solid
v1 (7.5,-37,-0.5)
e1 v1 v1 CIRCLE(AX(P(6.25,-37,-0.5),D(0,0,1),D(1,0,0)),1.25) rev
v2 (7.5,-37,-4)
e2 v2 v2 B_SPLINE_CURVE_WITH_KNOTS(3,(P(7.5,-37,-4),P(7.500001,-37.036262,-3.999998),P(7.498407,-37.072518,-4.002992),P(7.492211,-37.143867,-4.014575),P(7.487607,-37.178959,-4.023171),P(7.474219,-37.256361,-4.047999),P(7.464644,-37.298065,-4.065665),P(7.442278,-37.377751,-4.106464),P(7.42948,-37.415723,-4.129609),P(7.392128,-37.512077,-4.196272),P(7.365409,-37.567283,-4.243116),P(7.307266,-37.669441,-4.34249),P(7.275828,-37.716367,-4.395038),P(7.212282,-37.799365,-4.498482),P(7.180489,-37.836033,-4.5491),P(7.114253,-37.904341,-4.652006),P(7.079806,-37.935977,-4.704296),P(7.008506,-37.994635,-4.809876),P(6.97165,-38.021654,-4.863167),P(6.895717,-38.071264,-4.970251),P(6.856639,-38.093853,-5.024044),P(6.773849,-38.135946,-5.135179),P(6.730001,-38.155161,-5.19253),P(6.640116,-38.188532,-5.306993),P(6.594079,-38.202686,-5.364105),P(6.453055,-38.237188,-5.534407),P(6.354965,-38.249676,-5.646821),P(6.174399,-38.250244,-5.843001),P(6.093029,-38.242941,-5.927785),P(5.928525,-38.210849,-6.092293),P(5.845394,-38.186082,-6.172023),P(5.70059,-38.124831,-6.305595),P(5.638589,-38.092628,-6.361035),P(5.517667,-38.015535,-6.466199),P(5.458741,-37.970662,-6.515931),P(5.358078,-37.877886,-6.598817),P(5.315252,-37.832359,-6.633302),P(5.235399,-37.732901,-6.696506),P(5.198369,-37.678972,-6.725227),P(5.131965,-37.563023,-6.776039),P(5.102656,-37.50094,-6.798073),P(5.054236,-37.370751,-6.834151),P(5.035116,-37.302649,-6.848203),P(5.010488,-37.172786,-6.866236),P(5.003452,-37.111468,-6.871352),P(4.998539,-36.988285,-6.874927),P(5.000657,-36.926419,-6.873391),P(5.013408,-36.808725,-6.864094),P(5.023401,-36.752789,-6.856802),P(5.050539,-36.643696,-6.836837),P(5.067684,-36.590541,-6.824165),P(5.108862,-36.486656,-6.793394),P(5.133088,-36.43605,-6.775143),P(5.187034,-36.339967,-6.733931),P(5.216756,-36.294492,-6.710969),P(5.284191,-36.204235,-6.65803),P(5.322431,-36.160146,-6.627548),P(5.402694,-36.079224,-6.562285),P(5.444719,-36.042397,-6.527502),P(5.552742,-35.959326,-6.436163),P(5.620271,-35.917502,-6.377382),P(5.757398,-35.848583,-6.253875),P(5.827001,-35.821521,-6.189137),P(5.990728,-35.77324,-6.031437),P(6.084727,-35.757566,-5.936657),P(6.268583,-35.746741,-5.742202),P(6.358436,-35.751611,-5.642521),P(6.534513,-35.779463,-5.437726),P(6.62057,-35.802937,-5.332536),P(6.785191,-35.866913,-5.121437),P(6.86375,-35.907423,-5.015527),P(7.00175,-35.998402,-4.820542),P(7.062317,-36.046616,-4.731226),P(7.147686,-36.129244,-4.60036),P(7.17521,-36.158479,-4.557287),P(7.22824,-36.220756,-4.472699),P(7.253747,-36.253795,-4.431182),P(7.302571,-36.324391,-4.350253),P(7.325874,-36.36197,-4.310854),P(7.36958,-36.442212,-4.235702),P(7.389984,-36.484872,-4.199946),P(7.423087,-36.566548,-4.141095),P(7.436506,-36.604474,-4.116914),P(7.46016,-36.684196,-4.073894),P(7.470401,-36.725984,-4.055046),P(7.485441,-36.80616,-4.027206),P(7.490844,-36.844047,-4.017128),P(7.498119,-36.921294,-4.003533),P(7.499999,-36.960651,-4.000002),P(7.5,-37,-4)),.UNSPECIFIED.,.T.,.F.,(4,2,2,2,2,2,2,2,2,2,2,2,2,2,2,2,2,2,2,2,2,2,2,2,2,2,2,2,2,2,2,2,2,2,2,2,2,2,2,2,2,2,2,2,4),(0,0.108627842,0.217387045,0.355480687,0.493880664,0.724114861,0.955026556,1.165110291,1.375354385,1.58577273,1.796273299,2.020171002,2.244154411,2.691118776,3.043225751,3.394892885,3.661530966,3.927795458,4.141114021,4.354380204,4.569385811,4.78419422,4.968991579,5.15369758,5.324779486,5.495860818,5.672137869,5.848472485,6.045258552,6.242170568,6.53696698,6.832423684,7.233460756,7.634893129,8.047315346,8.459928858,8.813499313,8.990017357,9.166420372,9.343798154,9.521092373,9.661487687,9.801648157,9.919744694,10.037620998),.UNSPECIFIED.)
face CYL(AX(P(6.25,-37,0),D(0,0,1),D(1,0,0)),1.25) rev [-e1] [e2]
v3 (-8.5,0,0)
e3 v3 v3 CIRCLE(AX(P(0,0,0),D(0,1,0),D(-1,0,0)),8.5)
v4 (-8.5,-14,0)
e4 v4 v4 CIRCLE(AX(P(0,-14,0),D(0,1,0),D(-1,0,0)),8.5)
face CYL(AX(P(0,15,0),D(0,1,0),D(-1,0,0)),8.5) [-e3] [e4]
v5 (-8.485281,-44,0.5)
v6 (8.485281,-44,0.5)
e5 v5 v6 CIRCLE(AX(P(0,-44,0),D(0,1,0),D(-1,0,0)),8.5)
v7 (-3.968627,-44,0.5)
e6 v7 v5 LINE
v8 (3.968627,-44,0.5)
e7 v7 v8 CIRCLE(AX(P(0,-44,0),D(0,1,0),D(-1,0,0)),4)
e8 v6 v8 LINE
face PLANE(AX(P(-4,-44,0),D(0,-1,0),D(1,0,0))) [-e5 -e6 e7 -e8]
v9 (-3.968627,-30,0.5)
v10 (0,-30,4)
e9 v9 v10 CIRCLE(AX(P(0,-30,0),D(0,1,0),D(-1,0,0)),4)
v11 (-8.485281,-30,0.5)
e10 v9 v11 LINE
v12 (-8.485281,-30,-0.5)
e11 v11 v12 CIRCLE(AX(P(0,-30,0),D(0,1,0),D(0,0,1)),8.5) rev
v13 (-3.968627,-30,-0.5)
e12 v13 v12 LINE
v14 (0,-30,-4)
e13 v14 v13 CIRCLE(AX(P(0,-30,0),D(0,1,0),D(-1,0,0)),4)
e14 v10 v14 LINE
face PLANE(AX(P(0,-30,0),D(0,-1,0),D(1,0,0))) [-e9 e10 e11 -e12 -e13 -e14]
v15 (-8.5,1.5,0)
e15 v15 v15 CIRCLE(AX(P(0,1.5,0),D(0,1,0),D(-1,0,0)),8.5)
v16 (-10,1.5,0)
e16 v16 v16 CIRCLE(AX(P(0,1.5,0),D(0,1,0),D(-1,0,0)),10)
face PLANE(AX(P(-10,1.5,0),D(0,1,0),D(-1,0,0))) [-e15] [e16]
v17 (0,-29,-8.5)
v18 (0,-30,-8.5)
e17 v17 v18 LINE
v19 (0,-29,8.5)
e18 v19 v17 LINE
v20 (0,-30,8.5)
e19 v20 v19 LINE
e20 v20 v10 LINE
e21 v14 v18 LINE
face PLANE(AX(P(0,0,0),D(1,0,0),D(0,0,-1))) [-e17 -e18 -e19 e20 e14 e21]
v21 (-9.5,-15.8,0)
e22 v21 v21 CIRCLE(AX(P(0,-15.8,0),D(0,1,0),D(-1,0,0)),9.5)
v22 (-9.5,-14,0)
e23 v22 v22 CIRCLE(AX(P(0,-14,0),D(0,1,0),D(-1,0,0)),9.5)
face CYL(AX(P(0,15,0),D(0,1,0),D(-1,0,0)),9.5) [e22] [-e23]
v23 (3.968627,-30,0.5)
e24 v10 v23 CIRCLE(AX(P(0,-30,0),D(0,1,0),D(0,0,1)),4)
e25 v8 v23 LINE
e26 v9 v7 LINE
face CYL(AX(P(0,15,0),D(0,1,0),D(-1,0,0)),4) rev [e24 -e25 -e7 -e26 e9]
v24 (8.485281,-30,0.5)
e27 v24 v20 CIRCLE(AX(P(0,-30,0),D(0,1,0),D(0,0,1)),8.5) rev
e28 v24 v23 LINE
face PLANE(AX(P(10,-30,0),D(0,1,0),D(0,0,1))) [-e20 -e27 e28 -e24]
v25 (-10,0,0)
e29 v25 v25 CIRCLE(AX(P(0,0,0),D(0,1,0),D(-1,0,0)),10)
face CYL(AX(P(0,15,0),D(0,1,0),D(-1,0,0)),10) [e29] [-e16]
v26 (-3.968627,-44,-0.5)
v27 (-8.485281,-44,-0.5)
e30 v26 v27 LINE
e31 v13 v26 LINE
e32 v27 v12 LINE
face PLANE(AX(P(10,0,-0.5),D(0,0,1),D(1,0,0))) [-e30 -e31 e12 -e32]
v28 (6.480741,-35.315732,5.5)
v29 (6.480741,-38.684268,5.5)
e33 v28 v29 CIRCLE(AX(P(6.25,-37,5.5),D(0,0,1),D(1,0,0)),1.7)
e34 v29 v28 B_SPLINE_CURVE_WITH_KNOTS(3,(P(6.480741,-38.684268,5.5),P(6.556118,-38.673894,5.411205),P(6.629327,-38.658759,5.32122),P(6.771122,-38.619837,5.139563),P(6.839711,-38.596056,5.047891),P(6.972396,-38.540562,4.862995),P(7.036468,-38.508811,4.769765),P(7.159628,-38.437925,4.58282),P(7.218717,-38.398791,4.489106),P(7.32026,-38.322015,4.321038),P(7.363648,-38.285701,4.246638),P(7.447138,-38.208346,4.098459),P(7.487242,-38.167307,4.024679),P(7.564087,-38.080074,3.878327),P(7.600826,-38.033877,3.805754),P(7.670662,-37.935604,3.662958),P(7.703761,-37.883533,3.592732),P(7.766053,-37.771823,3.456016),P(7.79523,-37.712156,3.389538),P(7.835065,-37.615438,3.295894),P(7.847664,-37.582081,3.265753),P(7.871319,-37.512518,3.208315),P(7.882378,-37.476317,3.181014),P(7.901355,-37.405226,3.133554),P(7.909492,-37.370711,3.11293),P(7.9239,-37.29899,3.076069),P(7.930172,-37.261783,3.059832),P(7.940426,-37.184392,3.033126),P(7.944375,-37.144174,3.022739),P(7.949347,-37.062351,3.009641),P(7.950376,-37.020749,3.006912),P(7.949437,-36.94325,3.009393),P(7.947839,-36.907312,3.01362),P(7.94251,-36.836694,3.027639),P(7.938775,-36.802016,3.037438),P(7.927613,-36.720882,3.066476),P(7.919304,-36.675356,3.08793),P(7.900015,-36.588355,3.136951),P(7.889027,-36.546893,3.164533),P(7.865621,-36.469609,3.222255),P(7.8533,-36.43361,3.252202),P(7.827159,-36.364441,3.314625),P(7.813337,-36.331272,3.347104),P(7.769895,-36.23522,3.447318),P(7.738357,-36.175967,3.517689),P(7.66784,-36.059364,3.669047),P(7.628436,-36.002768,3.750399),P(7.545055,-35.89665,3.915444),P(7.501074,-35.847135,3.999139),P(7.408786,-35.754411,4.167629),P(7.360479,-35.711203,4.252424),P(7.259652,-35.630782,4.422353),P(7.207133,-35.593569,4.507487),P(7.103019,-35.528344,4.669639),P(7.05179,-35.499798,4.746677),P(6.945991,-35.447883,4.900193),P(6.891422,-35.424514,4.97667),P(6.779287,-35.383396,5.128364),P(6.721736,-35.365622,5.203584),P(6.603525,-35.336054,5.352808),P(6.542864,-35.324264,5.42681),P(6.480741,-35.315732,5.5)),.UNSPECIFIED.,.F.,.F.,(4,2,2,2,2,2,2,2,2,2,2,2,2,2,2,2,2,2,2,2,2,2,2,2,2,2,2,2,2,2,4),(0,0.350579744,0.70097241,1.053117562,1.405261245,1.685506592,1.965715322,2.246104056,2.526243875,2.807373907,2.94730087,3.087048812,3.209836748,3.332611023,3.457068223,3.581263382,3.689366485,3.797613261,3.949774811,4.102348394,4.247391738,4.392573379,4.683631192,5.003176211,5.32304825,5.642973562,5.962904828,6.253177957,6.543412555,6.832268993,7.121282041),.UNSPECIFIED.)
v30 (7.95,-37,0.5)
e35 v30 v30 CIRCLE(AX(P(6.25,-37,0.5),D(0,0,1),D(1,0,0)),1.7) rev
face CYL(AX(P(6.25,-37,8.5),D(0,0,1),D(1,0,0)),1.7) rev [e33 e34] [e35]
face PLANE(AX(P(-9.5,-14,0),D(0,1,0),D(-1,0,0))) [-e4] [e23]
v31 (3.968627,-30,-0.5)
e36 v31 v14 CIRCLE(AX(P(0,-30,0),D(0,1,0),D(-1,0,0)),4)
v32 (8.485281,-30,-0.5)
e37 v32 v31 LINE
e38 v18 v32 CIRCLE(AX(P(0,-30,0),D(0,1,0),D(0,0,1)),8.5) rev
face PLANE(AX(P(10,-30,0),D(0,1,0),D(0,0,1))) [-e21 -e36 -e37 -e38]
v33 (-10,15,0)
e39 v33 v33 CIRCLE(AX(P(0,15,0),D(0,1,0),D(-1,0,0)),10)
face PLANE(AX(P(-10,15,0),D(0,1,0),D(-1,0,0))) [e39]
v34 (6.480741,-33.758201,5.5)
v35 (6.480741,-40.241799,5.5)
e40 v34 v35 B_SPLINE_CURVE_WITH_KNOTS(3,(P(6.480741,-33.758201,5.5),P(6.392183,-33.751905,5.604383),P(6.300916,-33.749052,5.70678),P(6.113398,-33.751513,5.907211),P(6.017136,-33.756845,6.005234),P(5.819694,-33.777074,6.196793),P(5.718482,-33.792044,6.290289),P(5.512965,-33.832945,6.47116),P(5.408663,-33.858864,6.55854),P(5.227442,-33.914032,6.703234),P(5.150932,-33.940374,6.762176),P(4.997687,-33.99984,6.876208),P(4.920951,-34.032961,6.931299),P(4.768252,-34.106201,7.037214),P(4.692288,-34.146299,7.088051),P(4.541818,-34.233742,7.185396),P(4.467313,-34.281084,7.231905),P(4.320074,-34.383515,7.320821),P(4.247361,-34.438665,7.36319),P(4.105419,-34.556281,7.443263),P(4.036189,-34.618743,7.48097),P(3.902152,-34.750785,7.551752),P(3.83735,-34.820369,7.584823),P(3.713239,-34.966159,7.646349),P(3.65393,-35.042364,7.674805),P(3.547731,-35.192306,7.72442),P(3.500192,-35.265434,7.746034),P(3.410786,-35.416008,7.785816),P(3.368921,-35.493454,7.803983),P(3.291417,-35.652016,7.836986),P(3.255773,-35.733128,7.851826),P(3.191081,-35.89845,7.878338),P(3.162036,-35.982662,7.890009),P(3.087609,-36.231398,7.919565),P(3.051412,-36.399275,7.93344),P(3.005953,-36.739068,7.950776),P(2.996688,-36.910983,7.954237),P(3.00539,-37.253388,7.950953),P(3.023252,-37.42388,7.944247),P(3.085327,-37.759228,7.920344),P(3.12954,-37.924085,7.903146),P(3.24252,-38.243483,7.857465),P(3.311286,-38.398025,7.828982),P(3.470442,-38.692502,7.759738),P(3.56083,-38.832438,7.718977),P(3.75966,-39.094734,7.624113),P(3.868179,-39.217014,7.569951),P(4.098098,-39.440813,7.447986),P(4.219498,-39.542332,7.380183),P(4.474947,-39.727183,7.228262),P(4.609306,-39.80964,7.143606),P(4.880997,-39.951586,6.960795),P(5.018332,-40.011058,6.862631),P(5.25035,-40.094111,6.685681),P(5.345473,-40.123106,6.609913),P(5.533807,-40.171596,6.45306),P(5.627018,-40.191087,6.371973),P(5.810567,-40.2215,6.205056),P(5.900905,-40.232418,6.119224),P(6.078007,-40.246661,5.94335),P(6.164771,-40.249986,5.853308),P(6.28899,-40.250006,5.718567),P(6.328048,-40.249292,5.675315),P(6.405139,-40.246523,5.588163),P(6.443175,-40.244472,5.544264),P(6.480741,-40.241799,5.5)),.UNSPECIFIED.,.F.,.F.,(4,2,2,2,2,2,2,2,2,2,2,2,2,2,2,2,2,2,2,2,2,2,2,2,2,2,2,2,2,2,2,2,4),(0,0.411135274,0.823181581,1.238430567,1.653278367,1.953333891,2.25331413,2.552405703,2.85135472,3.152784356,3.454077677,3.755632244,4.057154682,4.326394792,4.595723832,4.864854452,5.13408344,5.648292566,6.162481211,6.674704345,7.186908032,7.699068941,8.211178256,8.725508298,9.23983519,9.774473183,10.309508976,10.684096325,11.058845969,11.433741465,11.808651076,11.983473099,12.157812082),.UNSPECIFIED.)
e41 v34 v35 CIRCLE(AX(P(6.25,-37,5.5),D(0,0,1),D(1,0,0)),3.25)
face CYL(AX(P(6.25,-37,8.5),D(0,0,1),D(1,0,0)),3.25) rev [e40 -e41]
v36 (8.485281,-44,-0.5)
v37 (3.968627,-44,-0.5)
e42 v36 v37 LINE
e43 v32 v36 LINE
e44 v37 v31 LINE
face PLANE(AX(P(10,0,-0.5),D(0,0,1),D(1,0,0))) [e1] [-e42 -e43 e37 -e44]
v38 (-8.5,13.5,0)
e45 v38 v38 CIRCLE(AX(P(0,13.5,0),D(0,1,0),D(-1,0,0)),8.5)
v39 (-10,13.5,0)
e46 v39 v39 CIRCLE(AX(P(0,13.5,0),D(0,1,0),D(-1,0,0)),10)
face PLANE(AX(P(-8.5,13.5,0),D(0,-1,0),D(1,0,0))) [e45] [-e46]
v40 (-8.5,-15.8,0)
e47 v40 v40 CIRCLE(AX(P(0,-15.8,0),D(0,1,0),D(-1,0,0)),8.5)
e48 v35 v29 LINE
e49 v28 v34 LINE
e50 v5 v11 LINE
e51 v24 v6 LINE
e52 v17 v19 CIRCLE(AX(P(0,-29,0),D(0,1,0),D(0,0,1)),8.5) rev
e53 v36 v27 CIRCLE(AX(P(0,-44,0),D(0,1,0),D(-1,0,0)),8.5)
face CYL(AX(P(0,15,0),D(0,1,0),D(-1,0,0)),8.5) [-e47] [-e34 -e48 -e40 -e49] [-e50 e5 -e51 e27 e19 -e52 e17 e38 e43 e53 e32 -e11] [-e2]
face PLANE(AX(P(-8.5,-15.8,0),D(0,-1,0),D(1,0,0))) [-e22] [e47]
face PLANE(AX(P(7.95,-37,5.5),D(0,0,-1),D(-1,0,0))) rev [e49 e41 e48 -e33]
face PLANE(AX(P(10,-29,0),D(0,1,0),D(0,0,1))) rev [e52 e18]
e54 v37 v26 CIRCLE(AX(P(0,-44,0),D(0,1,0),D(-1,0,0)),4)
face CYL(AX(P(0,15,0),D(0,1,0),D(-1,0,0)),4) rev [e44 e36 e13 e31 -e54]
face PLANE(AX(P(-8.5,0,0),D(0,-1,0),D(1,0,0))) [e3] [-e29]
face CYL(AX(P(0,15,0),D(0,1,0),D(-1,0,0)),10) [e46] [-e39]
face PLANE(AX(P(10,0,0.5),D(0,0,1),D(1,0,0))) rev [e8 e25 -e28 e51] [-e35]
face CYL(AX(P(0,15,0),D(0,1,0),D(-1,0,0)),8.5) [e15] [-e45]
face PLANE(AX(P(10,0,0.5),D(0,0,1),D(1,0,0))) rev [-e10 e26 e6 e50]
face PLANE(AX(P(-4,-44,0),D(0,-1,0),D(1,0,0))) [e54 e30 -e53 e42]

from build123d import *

# Parameters (mm, degrees)
CBORE_FOR_M3_SHCS1_D           = 3.4
CBORE_FOR_M3_SHCS1_DEPTH       = 8.5
CBORE_FOR_M3_SHCS1_CBORE_D     = 6.5
CBORE_FOR_M3_SHCS1_CBORE_DEPTH = 3
M3X0_5_TAPPED_HOLE1_D          = 2.5
CUT_EXTRUDE1_DEPTH             = 47.216880128
CUT_EXTRUDE1_DEPTH_BACK        = 47.216880128
SKETCH10_W                     = 1
SKETCH10_H                     = 15
CUT_EXTRUDE2_DEPTH             = 10


with BuildPart() as part:
    # Sketch1 → Revolve1 (revolve)
    with BuildSketch(Plane.XY):
        Polygon((-8.5, -44), (-8.5, -15.8), (-9.5, -15.8), (-9.5, -14), (-8.5, -14), (-8.5, 0), (-10, 0), (-10, 1.5), (-8.5, 1.5), (-8.5, 13.5), (-10, 13.5), (-10, 15), (0, 15), (0, -30), (-4, -30), (-4, -44), align=None)
    revolve(axis=Axis((0, 15, 0), (0, -1, 0)))

    # CBORE for M3 SHCS1
    with Locations(Plane.XY.offset(8.5)):
        with Locations((6.25, -37)):
            CounterBoreHole(CBORE_FOR_M3_SHCS1_D / 2, CBORE_FOR_M3_SHCS1_CBORE_D / 2, CBORE_FOR_M3_SHCS1_CBORE_DEPTH, depth=CBORE_FOR_M3_SHCS1_DEPTH)

    # M3x0.5 Tapped Hole1 (through all)
    with Locations(Plane.XY):
        with Locations((6.25, -37)):
            Hole(M3X0_5_TAPPED_HOLE1_D / 2)

    # Sketch10 → Cut-Extrude1 (cut, two sides: drawn at the far end of the back side and taken through both)
    with BuildSketch(Plane(origin=(0, 0, 0), x_dir=(0, 0, -1), z_dir=(1, 0, 0)).offset(-CUT_EXTRUDE1_DEPTH_BACK)):
        with Locations((0, -37.5)):
            Rectangle(SKETCH10_W, SKETCH10_H)
    extrude(amount=CUT_EXTRUDE1_DEPTH + CUT_EXTRUDE1_DEPTH_BACK, mode=Mode.SUBTRACT)

    # Sketch10<3> → Cut-Extrude2 (cut)
    with BuildSketch(Plane(origin=(0, 0, 0), x_dir=(0, 0, -1), z_dir=(1, 0, 0))):
        Polygon((-0.5, -30), (0.5, -30), (9.5, -30), (9.5, -29), (-9.5, -29), (-9.5, -30), align=None)
    extrude(amount=CUT_EXTRUDE2_DEPTH, mode=Mode.SUBTRACT)


solid = part.part
